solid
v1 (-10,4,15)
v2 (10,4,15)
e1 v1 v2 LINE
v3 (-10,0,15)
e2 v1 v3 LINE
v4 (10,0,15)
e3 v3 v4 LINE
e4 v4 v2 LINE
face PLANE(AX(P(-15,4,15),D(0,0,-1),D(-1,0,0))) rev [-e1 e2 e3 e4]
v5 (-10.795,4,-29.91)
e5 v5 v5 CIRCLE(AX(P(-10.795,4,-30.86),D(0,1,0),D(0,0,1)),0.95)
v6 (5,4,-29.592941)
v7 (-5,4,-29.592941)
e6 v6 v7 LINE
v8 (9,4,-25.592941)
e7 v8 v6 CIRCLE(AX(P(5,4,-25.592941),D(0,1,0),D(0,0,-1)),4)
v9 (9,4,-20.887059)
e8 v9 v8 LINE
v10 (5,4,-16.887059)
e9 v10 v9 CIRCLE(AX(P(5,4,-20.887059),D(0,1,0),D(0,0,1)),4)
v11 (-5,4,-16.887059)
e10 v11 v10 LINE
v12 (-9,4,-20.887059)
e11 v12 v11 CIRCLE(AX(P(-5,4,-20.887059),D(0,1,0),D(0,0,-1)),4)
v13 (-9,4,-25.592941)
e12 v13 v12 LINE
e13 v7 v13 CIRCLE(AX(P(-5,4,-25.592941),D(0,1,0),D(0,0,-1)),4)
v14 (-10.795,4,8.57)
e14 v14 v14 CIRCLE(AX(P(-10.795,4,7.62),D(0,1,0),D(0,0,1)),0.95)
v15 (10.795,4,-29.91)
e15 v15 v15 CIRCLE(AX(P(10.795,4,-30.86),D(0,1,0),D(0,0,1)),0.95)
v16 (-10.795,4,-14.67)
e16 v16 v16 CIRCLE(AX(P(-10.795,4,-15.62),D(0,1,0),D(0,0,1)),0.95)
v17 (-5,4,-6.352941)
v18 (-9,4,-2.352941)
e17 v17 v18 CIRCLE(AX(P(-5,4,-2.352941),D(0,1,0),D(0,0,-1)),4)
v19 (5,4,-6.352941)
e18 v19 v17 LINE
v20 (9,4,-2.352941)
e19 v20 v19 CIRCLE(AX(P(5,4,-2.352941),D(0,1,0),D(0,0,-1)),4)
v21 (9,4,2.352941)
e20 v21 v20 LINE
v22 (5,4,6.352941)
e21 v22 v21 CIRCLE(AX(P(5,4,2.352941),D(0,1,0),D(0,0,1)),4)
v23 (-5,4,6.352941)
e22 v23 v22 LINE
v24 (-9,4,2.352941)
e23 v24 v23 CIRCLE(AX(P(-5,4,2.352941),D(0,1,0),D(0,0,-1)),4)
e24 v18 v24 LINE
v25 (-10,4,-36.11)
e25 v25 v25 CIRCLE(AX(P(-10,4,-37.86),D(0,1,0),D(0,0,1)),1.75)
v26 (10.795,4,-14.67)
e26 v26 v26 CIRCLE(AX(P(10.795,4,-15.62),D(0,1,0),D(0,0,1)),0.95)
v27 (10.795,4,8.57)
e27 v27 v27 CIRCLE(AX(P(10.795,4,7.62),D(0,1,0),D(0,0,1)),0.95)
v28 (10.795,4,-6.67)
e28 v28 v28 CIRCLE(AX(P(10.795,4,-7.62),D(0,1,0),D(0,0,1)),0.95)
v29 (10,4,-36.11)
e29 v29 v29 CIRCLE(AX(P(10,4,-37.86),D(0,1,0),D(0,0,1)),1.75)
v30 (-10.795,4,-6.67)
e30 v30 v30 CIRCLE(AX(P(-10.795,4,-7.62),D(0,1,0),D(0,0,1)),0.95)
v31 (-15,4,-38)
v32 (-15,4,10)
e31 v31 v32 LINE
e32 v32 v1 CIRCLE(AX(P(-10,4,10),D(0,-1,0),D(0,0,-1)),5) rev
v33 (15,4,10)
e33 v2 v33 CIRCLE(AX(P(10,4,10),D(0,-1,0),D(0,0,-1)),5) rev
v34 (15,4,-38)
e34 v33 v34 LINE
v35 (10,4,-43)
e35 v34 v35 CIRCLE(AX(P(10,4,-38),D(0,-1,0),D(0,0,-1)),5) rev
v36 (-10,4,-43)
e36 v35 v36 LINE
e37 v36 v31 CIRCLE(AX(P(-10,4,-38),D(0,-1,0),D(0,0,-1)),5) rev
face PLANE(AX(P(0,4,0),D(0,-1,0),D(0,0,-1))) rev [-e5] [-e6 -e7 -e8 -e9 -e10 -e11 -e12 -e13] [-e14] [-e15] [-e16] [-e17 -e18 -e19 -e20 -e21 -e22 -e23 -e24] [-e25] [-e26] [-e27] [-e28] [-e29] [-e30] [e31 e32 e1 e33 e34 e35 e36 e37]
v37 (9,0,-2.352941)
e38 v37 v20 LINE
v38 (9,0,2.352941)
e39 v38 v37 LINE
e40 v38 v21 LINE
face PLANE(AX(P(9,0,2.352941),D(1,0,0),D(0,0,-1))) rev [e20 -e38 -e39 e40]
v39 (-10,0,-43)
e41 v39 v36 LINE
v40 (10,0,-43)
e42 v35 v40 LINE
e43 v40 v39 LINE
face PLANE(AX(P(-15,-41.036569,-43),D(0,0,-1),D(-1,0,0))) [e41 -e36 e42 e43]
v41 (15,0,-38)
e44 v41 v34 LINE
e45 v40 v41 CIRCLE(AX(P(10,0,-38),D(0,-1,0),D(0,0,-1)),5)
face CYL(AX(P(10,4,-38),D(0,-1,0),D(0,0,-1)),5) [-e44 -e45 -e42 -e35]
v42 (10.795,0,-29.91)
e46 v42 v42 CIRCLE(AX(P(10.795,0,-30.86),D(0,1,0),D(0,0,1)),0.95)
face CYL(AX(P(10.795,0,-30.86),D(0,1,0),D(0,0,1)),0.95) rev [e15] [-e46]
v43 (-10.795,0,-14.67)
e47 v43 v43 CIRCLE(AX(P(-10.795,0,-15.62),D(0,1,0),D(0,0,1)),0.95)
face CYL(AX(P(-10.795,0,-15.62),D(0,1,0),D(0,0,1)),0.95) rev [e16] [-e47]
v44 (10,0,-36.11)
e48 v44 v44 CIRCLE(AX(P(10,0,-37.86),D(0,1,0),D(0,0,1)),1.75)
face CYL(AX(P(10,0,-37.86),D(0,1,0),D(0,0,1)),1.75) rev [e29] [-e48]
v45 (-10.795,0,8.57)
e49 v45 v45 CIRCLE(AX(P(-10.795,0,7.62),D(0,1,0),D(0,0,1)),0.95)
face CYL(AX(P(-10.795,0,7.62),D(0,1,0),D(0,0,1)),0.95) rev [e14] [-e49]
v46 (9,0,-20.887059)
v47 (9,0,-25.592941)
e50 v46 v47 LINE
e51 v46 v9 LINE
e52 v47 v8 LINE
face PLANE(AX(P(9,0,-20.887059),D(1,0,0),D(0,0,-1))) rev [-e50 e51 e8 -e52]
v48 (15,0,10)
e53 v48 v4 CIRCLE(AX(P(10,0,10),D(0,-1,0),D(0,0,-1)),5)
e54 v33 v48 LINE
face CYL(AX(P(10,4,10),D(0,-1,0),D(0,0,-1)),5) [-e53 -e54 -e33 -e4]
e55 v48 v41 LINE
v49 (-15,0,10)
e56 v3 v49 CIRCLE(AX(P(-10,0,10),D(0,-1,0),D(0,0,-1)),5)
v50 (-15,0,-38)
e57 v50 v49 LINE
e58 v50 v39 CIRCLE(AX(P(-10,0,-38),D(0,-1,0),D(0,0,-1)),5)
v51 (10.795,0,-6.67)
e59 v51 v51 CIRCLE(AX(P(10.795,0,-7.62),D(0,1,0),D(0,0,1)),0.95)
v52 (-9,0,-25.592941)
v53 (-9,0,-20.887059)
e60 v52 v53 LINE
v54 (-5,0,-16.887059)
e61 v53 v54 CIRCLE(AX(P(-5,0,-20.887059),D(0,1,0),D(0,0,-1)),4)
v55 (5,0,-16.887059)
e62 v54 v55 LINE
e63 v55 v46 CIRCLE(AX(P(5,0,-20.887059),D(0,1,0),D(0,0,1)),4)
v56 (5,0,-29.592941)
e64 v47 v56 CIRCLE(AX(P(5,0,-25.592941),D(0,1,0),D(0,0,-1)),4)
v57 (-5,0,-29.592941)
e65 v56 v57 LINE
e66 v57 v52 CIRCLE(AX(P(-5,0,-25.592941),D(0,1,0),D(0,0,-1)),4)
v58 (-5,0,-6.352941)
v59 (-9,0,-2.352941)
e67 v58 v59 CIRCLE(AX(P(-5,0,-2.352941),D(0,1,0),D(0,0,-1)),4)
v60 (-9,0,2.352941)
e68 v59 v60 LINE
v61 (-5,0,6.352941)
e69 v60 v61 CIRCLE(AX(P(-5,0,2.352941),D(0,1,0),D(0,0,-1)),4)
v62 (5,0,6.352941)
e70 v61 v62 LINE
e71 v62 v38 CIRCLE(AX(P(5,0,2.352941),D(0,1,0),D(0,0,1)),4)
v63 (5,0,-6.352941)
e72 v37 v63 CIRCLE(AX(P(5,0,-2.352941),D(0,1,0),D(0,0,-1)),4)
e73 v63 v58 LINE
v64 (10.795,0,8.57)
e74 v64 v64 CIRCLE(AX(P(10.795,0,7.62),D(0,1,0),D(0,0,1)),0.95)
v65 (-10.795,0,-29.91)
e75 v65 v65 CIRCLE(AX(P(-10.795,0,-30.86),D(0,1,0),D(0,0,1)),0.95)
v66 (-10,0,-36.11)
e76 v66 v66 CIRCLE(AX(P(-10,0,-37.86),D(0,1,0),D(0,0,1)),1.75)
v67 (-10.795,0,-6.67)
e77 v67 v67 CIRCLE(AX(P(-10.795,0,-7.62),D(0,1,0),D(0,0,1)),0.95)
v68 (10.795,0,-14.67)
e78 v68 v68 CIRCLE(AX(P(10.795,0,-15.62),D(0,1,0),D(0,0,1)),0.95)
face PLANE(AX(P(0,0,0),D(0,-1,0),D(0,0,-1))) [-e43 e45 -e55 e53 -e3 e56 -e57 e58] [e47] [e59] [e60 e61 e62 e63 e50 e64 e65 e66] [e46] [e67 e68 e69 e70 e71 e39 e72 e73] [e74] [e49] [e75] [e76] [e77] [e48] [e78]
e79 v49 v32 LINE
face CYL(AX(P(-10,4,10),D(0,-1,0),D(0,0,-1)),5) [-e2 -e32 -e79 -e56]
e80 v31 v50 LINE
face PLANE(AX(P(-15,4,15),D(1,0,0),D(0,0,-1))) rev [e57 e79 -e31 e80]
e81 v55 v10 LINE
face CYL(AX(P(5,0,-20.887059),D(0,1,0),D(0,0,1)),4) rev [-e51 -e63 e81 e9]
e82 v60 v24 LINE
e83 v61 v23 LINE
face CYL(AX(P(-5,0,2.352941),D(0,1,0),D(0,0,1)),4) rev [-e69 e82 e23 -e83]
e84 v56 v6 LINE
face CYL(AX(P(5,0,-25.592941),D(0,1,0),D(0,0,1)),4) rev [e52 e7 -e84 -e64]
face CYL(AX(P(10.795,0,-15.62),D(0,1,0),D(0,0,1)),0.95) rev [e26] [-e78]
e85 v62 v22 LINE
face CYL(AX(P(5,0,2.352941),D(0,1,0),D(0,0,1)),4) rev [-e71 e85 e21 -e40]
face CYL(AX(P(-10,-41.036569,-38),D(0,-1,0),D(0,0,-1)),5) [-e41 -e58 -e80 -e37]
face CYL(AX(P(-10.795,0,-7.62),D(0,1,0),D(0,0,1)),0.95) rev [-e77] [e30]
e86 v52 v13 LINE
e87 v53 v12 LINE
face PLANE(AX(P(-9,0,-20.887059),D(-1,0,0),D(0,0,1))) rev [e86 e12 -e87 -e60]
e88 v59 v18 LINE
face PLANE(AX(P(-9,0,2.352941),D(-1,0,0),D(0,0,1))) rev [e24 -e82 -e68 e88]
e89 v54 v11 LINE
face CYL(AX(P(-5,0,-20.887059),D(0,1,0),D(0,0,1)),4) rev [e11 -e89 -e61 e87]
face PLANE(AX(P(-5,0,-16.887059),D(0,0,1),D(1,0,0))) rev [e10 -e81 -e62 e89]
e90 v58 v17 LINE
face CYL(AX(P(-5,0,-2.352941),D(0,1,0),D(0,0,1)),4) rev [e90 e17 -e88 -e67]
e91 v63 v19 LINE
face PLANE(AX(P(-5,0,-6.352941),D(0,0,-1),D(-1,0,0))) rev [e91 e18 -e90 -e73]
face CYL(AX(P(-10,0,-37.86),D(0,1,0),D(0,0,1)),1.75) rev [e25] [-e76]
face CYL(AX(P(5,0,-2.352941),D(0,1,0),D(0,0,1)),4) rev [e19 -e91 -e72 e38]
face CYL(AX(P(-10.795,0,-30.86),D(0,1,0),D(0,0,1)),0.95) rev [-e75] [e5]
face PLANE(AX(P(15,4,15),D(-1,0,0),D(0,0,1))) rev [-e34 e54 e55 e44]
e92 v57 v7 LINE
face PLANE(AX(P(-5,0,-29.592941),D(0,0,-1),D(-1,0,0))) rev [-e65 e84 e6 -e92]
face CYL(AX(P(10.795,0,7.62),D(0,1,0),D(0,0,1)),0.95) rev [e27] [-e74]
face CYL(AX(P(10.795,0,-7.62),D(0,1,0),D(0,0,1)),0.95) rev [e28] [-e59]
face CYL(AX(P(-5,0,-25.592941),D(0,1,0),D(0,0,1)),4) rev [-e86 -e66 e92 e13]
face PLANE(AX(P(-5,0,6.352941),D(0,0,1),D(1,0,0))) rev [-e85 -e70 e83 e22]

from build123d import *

# Parameters (mm, degrees)
SKETCH1_W           = 30
SKETCH1_H           = 30
BOSS_EXTRUDE1_DEPTH = 4
SKETCH3_W           = 30
SKETCH3_H           = 28
BOSS_EXTRUDE2_DEPTH = 4
SKETCH2_R           = 0.95
SKETCH2_R_2         = 1.75
CUT_EXTRUDE1_DEPTH  = 46.716517803
FILLET1_R           = 5


with BuildPart() as part:
    # Sketch1 → Boss-Extrude1 (new body)
    with BuildSketch(Plane(origin=(0, 0, 0), x_dir=(1, 0, 0), z_dir=(0, 1, 0))):
        Rectangle(SKETCH1_W, SKETCH1_H)
    extrude(amount=BOSS_EXTRUDE1_DEPTH)

    # Sketch3 → Boss-Extrude2 (add)
    with BuildSketch(Plane(origin=(0, 4, 0), x_dir=(1, 0, 0), z_dir=(0, 1, 0))):
        with Locations((0, 29)):
            Rectangle(SKETCH3_W, SKETCH3_H)
    extrude(amount=-BOSS_EXTRUDE2_DEPTH)

    # Sketch2 → Cut-Extrude1 (cut, through all)
    with BuildSketch(Plane(origin=(0, 4, 0), x_dir=(1, 0, 0), z_dir=(0, 1, 0))):
        with Locations(Location((-10.795, -7.62, 0), (0, 0, 270))):
            Circle(SKETCH2_R)
        with Locations(Location((10.795, -7.62, 0), (0, 0, 270))):
            Circle(SKETCH2_R)
        with Locations(Location((10.795, 7.62, 0), (0, 0, 270))):
            Circle(SKETCH2_R)
        with Locations(Location((-10.795, 7.62, 0), (0, 0, 270))):
            Circle(SKETCH2_R)
        with Locations(Location((-10.795, 30.86, 0), (0, 0, 270))):
            Circle(SKETCH2_R)
        with Locations(Location((10.795, 30.86, 0), (0, 0, 270))):
            Circle(SKETCH2_R)
        with Locations(Location((10.795, 15.62, 0), (0, 0, 270))):
            Circle(SKETCH2_R)
        with Locations(Location((-10.795, 15.62, 0), (0, 0, 270))):
            Circle(SKETCH2_R)
        with Locations(Location((-10, 37.86, 0), (0, 0, 270))):
            Circle(SKETCH2_R_2)
        with Locations(Location((10, 37.86, 0), (0, 0, 270))):
            Circle(SKETCH2_R_2)
        with BuildLine():
            Line((-5, -6.352941176), (5, -6.352941176))
            ThreePointArc((5, -6.352941176), (7.828427125, -5.181368301), (9, -2.352941176))
            Line((9, -2.352941176), (9, 2.352941176))
            ThreePointArc((9, 2.352941176), (7.828427125, 5.181368301), (5, 6.352941176))
            Line((5, 6.352941176), (-5, 6.352941176))
            ThreePointArc((-5, 6.352941176), (-7.828427125, 5.181368301), (-9, 2.352941176))
            Line((-9, 2.352941176), (-9, -2.352941176))
            ThreePointArc((-9, -2.352941176), (-7.828427125, -5.181368301), (-5, -6.352941176))
        make_face()
        with BuildLine():
            Line((-5, 16.887058824), (5, 16.887058824))
            ThreePointArc((5, 16.887058824), (7.828427125, 18.058631699), (9, 20.887058824))
            Line((9, 20.887058824), (9, 25.592941176))
            ThreePointArc((9, 25.592941176), (7.828427125, 28.421368301), (5, 29.592941176))
            Line((5, 29.592941176), (-5, 29.592941176))
            ThreePointArc((-5, 29.592941176), (-7.828427125, 28.421368301), (-9, 25.592941176))
            Line((-9, 25.592941176), (-9, 20.887058824))
            ThreePointArc((-9, 20.887058824), (-7.828427125, 18.058631699), (-5, 16.887058824))
        make_face()
    extrude(amount=-CUT_EXTRUDE1_DEPTH, mode=Mode.SUBTRACT)

    # Fillet1
    fillet1_edges = [part.edges().sort_by_distance(p)[0] for p in [
        (15, 2, -43),
        (-15, 2, -43),
        (15, 2, 15),
        (-15, 2, 15),
    ]]
    fillet(fillet1_edges, radius=FILLET1_R)


solid = part.part
